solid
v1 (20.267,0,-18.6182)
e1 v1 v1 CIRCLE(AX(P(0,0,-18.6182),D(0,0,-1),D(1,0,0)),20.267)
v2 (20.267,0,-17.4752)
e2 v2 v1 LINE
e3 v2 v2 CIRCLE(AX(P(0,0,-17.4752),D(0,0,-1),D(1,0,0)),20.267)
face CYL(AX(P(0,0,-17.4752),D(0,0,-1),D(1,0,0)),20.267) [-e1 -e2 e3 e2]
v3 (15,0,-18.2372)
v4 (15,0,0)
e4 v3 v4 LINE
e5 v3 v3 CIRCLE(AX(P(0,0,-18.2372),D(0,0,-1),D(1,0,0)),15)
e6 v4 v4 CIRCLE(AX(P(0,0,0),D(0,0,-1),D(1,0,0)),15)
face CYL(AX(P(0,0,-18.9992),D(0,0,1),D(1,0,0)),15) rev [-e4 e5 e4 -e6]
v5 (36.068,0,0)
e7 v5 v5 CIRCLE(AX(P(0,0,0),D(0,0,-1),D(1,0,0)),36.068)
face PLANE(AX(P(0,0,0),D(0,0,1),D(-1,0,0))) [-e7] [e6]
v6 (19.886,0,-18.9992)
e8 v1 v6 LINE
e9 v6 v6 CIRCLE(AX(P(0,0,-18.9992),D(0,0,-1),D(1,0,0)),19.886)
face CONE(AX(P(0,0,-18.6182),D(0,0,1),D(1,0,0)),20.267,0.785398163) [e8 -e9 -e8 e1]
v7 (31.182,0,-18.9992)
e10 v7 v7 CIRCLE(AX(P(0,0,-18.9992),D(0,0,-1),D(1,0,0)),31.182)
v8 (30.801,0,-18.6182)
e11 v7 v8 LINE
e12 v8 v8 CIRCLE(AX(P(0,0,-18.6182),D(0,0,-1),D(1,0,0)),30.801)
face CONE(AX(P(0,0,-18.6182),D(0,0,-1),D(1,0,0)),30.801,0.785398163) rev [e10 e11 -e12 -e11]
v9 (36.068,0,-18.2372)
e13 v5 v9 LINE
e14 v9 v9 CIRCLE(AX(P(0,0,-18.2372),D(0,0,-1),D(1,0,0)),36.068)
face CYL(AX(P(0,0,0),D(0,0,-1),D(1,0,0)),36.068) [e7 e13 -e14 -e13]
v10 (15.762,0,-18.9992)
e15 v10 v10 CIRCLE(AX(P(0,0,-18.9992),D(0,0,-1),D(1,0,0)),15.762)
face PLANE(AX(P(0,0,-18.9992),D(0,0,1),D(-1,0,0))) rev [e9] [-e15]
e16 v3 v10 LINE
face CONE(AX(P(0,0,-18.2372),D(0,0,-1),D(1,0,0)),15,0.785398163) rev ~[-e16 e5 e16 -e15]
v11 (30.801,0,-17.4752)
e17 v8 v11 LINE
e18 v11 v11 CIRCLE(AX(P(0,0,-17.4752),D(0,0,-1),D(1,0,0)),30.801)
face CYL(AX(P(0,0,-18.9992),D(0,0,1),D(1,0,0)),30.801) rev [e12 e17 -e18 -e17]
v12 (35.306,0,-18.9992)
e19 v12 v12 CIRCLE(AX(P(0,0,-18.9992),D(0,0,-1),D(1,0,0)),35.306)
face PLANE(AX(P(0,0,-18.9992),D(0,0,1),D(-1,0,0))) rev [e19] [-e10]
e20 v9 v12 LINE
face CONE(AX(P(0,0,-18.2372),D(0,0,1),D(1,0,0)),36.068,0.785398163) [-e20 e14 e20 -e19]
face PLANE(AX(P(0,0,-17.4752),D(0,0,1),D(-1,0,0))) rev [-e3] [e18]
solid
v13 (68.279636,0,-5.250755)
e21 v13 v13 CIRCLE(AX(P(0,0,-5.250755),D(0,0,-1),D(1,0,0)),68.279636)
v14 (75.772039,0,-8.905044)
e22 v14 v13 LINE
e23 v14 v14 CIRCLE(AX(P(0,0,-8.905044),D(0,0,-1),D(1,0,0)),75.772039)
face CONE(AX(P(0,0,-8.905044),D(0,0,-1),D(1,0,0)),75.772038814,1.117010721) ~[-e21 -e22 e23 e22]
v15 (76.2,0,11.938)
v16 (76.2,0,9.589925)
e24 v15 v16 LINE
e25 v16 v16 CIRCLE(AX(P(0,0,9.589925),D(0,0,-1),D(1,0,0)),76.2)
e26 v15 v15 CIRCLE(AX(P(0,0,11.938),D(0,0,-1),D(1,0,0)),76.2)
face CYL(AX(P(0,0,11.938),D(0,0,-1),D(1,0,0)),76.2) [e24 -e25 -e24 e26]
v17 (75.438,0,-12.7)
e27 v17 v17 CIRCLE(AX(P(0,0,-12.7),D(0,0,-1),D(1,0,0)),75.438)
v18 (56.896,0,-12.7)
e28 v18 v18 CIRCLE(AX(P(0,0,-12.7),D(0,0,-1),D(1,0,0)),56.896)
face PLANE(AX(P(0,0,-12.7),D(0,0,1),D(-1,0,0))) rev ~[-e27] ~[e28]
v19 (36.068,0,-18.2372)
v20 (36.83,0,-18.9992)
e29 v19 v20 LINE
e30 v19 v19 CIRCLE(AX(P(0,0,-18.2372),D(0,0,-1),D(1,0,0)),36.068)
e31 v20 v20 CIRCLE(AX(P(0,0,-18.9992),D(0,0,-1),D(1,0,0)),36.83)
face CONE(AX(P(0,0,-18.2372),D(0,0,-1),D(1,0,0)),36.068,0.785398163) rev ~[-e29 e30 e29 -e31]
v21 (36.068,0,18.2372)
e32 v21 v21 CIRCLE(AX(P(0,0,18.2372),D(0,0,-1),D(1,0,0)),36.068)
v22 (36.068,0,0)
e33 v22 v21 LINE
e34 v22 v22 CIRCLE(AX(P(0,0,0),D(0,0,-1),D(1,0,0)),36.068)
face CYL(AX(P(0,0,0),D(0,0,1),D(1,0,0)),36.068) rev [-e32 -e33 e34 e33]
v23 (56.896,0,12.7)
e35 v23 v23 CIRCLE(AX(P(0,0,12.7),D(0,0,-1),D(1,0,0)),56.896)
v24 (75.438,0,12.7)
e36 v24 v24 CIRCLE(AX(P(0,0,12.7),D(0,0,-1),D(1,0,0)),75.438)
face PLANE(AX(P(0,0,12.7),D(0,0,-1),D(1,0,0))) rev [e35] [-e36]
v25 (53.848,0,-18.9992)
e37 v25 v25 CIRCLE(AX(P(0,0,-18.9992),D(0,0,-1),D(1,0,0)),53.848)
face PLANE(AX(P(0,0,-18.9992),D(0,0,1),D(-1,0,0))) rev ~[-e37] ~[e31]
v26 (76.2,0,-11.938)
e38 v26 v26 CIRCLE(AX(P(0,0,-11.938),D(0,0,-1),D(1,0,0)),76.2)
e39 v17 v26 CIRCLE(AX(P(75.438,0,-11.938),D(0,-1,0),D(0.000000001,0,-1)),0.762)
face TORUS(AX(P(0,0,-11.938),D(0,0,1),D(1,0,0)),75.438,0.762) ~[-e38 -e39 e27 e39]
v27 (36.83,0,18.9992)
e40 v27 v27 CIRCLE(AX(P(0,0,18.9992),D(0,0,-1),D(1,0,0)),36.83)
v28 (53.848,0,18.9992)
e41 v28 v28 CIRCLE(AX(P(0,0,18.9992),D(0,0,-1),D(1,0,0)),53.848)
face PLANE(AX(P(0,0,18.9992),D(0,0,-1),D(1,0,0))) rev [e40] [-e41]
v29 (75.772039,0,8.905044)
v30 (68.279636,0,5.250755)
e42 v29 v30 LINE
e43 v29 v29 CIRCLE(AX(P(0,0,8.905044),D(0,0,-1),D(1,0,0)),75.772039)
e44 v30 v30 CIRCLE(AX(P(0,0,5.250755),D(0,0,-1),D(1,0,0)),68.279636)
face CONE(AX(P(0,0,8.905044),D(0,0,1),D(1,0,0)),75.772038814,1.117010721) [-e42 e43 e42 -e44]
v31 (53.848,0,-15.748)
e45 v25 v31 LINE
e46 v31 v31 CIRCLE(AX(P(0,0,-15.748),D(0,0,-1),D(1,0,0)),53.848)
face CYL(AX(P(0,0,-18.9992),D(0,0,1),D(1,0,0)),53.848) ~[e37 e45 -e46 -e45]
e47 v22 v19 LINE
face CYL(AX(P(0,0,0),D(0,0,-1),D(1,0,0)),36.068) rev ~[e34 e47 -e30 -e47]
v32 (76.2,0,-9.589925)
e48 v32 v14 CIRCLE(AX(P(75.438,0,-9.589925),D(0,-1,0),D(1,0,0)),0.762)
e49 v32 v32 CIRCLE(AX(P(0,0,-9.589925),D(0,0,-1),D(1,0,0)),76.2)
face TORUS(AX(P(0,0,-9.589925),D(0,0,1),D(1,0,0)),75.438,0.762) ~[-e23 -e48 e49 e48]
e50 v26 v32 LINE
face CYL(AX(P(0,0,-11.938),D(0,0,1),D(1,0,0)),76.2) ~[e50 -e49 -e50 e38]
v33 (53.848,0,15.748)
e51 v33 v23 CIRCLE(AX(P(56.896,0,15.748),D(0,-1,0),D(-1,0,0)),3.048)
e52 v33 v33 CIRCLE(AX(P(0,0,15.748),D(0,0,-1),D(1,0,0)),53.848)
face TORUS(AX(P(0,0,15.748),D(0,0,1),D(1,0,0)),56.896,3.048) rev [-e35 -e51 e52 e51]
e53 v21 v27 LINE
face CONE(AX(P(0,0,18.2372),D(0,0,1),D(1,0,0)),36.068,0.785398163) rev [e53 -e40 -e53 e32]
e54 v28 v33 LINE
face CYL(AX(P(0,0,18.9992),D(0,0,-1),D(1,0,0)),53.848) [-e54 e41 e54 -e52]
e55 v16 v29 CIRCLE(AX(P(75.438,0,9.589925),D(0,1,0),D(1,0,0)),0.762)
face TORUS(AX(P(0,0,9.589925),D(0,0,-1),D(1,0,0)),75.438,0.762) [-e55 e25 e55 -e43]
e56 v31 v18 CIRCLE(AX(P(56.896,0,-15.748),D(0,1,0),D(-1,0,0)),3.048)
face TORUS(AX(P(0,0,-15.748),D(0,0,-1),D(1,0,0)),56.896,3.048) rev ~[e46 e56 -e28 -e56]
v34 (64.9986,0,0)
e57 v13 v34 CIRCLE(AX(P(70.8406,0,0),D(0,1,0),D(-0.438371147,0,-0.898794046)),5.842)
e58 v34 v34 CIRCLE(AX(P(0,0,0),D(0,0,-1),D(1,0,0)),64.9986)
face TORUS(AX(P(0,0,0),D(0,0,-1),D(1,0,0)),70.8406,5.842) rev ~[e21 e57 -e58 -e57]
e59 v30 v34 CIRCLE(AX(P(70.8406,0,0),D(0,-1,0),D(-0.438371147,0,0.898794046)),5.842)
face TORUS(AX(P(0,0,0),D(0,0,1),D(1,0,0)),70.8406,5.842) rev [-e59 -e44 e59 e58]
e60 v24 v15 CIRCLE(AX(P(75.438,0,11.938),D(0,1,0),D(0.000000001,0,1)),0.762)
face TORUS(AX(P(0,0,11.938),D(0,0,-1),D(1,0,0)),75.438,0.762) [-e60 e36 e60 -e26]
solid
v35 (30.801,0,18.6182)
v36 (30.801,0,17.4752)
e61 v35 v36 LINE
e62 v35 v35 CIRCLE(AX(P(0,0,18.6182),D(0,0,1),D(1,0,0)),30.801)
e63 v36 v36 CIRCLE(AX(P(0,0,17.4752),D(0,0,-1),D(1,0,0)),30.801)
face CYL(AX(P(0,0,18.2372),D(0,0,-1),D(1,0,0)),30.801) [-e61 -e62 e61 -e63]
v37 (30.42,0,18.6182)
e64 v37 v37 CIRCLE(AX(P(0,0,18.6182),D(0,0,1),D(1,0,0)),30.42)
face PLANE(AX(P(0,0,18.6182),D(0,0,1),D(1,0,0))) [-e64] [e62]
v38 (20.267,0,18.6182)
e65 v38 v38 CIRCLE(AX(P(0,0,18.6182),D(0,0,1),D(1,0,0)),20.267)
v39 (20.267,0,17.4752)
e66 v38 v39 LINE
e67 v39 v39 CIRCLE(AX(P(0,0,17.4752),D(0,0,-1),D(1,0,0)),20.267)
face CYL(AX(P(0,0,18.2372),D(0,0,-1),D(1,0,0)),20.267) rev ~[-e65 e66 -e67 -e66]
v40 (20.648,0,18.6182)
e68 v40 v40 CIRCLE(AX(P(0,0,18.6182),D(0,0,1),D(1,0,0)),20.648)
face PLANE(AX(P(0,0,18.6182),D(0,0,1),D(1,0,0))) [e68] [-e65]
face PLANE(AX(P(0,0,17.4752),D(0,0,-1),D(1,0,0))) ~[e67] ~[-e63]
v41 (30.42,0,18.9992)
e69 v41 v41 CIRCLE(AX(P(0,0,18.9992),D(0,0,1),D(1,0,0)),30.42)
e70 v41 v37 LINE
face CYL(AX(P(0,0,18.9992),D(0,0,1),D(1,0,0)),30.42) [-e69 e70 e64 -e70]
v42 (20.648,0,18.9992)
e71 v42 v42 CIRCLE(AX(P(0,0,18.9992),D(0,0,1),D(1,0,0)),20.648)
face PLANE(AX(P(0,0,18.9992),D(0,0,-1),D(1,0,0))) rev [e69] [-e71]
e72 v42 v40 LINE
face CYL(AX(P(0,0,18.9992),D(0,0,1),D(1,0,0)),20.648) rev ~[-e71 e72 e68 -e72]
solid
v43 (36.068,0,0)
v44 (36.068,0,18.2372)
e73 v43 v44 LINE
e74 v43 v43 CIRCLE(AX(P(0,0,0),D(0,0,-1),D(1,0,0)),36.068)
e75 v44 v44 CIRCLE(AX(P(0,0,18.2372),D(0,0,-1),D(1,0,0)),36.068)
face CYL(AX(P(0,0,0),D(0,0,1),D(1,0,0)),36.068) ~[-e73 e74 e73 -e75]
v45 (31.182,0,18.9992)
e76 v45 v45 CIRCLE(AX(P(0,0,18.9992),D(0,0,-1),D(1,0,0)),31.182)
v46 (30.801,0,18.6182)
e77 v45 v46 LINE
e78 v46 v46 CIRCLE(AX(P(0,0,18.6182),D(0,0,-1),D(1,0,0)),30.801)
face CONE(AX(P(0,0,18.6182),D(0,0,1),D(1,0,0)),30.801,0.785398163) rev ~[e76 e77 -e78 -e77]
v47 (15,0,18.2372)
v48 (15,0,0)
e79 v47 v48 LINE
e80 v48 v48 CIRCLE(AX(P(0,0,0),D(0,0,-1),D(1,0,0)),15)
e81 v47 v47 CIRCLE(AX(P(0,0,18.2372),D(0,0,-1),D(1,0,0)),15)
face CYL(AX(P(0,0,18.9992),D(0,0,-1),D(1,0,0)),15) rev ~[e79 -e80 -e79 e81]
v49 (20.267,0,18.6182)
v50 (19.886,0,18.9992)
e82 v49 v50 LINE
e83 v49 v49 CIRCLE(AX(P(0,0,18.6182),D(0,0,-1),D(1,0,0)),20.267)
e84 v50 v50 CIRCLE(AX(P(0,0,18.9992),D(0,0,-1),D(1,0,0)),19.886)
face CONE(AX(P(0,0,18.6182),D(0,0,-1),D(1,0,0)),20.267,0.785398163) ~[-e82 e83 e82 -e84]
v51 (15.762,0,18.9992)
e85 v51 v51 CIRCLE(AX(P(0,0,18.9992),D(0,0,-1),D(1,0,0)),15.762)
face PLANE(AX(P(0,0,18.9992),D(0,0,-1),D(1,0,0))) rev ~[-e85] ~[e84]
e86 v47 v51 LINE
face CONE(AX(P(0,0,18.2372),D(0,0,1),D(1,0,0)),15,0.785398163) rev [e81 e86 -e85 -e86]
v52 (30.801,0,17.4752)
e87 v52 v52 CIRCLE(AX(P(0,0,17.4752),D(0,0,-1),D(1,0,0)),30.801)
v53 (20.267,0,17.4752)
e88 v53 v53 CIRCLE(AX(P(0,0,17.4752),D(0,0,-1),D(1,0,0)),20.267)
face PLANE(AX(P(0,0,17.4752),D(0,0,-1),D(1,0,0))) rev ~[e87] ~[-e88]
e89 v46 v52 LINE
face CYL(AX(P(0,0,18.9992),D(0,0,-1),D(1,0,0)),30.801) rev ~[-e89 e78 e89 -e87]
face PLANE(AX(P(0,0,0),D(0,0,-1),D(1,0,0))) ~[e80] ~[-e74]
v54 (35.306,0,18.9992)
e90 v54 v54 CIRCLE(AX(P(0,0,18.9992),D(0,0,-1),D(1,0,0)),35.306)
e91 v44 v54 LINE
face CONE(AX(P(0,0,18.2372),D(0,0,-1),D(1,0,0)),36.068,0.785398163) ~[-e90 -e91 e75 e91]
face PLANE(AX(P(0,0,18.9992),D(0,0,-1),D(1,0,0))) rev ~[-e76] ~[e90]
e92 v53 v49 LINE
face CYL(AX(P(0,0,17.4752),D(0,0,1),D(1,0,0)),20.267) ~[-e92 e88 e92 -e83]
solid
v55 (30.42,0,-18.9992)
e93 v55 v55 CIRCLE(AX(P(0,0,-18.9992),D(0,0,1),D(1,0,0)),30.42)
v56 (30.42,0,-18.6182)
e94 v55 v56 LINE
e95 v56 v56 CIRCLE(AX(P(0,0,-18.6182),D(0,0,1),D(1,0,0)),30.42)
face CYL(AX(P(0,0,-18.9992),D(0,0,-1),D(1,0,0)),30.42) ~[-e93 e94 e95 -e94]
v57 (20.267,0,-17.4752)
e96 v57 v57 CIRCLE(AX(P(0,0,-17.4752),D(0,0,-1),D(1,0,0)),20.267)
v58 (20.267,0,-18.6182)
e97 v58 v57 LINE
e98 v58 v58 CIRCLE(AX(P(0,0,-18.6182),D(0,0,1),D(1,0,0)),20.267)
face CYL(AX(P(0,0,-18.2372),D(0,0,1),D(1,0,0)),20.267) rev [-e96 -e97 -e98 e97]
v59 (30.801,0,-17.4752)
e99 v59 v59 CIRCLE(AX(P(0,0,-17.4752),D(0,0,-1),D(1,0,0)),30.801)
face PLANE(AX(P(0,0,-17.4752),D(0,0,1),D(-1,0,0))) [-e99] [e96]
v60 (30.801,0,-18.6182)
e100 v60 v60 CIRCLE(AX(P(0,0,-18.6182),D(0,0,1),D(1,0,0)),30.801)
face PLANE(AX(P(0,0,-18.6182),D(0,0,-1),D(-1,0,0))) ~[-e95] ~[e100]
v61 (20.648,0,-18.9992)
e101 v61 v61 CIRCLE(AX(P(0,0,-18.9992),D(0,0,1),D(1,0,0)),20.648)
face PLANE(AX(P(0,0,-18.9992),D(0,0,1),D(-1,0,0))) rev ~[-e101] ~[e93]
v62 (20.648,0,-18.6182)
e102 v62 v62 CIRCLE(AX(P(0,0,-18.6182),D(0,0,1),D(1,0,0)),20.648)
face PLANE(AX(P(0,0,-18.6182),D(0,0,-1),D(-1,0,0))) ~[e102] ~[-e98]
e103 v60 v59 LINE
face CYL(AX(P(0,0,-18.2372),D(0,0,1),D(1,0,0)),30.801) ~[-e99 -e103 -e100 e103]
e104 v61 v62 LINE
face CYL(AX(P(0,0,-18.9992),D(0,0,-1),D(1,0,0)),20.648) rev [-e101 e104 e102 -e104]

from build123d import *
from build123d.topology import SkipClean

# Parameters (mm, degrees)
CHAMFER1_SIZE      = 0.381
SKETCH5_W          = 1.524
SKETCH5_H          = 10.534
SKETCH7_R          = 30.801
SKETCH7_R_2        = 30.42
SKETCH7_R_3        = 20.648
SKETCH7_R_4        = 20.267
CUT_EXTRUDE1_DEPTH = 0.381
CHAMFER4_SIZE      = 0.762


with BuildPart() as part:
    # Sketch4 → Revolve1 (revolve)
    with BuildSketch(Plane(origin=(0, 0, 0), x_dir=(0, 0, -1), z_dir=(1, 0, 0)), mode=Mode.PRIVATE) as revolve1_sk:
        Polygon((-18.9992, 15), (0, 15), (0, 36.068), (-18.2372, 36.068), (-18.9992, 35.306), (-18.9992, 30.801), (-17.4752, 30.801), (-17.4752, 20.267), (-18.9992, 20.267), align=None)
    revolve(revolve1_sk.sketch.rotate(Axis((0, 0, 18.9992), (0, 0, -1)), 90), axis=Axis((0, 0, 18.9992), (0, 0, -1)))

    # Chamfer1
    chamfer1_edges = [part.edges().sort_by_distance(p)[0] for p in [
        (-20.267, 0, 18.9992),
        (-30.801, 0, 18.9992),
    ]]
    chamfer(chamfer1_edges, length=CHAMFER1_SIZE)

    # Chamfer4
    chamfer4_edges = [part.edges().sort_by_distance(p)[0] for p in [
        (-15, 0, 18.9992),
    ]]
    chamfer(chamfer4_edges, length=CHAMFER4_SIZE)


with BuildPart() as body_2:
    # Sketch5 → Revolve2 (revolve)
    with BuildSketch(Plane(origin=(0, 0, 0), x_dir=(0, 0, -1), z_dir=(1, 0, 0)), mode=Mode.PRIVATE) as revolve2_sk:
        with Locations((-18.2372, 25.534)):
            Rectangle(SKETCH5_W, SKETCH5_H)
    revolve(revolve2_sk.sketch.rotate(Axis((0, 0, 18.9992), (0, 0, -1)), 90), axis=Axis((0, 0, 18.9992), (0, 0, -1)))

    # Sketch7 → Cut-Extrude1 (cut)
    # profile 1 of 2: a face of its own
    with BuildSketch(Plane.XY.offset(18.9992)):
        Circle(SKETCH7_R)
        Circle(SKETCH7_R_2, mode=Mode.SUBTRACT)
    # profile 2 of 2: a face of its own
    with BuildSketch(Plane.XY.offset(18.9992)):
        Circle(SKETCH7_R_3)
        Circle(SKETCH7_R_4, mode=Mode.SUBTRACT)
    extrude(amount=-CUT_EXTRUDE1_DEPTH, mode=Mode.SUBTRACT)


with BuildPart() as body_3:
    # Mirror1: mirrored copy
    add(body_2.part.mirror(Plane.XY))


with BuildPart() as body_4:
    # Mirror1 2: mirrored copy
    add(part.part.mirror(Plane.XY))


with BuildPart() as body_5:
    # Sketch6 → Revolve3 (revolve)
    with BuildSketch(Plane(origin=(0, 0, 0), x_dir=(0, 0, -1), z_dir=(1, 0, 0)), mode=Mode.PRIVATE) as revolve3_sk:
        with BuildLine():
            Line((-18.2372, 36.068), (-18.9992, 36.83))
            Line((-18.9992, 36.83), (-18.9992, 53.848))
            Line((-18.9992, 53.848), (-15.748, 53.848))
            ThreePointArc((-15.748, 53.848), (-13.592738531, 54.740738531), (-12.7, 56.896))
            Line((-12.7, 56.896), (-12.7, 75.438))
            ThreePointArc((-12.7, 75.438), (-12.476815367, 75.976815367), (-11.938, 76.2))
            Line((-11.938, 76.2), (-9.589925018, 76.2))
            ThreePointArc((-9.589925018, 76.2), (-9.186126538, 76.084212649), (-8.905043954, 75.772038814))
            Line((-8.905043954, 75.772038814), (-5.250754818, 68.27963576))
            ThreePointArc((-5.250754818, 68.27963576), (-3.095788342, 65.886303022), (0, 64.9986))
            Line((0, 64.9986), (0, 36.068))
            Line((0, 36.068), (-18.2372, 36.068))
        make_face()
    revolve(revolve3_sk.sketch.rotate(Axis((0, 0, 18.9992), (0, 0, -1)), 90), axis=Axis((0, 0, 18.9992), (0, 0, -1)))

    # Mirror2: body 5 across plane


with BuildPart() as body_5_1:
    with SkipClean():  # the faces are left unmerged after this step: merging them gives an invalid solid
        add(body_5.part)
        add(body_5.part.mirror(Plane(origin=(0, 64.9986, 0), x_dir=(1, 0, 0), z_dir=(0, 0, 1))))


solid = Compound([part.part, body_2.part, body_3.part, body_4.part, body_5_1.part])
